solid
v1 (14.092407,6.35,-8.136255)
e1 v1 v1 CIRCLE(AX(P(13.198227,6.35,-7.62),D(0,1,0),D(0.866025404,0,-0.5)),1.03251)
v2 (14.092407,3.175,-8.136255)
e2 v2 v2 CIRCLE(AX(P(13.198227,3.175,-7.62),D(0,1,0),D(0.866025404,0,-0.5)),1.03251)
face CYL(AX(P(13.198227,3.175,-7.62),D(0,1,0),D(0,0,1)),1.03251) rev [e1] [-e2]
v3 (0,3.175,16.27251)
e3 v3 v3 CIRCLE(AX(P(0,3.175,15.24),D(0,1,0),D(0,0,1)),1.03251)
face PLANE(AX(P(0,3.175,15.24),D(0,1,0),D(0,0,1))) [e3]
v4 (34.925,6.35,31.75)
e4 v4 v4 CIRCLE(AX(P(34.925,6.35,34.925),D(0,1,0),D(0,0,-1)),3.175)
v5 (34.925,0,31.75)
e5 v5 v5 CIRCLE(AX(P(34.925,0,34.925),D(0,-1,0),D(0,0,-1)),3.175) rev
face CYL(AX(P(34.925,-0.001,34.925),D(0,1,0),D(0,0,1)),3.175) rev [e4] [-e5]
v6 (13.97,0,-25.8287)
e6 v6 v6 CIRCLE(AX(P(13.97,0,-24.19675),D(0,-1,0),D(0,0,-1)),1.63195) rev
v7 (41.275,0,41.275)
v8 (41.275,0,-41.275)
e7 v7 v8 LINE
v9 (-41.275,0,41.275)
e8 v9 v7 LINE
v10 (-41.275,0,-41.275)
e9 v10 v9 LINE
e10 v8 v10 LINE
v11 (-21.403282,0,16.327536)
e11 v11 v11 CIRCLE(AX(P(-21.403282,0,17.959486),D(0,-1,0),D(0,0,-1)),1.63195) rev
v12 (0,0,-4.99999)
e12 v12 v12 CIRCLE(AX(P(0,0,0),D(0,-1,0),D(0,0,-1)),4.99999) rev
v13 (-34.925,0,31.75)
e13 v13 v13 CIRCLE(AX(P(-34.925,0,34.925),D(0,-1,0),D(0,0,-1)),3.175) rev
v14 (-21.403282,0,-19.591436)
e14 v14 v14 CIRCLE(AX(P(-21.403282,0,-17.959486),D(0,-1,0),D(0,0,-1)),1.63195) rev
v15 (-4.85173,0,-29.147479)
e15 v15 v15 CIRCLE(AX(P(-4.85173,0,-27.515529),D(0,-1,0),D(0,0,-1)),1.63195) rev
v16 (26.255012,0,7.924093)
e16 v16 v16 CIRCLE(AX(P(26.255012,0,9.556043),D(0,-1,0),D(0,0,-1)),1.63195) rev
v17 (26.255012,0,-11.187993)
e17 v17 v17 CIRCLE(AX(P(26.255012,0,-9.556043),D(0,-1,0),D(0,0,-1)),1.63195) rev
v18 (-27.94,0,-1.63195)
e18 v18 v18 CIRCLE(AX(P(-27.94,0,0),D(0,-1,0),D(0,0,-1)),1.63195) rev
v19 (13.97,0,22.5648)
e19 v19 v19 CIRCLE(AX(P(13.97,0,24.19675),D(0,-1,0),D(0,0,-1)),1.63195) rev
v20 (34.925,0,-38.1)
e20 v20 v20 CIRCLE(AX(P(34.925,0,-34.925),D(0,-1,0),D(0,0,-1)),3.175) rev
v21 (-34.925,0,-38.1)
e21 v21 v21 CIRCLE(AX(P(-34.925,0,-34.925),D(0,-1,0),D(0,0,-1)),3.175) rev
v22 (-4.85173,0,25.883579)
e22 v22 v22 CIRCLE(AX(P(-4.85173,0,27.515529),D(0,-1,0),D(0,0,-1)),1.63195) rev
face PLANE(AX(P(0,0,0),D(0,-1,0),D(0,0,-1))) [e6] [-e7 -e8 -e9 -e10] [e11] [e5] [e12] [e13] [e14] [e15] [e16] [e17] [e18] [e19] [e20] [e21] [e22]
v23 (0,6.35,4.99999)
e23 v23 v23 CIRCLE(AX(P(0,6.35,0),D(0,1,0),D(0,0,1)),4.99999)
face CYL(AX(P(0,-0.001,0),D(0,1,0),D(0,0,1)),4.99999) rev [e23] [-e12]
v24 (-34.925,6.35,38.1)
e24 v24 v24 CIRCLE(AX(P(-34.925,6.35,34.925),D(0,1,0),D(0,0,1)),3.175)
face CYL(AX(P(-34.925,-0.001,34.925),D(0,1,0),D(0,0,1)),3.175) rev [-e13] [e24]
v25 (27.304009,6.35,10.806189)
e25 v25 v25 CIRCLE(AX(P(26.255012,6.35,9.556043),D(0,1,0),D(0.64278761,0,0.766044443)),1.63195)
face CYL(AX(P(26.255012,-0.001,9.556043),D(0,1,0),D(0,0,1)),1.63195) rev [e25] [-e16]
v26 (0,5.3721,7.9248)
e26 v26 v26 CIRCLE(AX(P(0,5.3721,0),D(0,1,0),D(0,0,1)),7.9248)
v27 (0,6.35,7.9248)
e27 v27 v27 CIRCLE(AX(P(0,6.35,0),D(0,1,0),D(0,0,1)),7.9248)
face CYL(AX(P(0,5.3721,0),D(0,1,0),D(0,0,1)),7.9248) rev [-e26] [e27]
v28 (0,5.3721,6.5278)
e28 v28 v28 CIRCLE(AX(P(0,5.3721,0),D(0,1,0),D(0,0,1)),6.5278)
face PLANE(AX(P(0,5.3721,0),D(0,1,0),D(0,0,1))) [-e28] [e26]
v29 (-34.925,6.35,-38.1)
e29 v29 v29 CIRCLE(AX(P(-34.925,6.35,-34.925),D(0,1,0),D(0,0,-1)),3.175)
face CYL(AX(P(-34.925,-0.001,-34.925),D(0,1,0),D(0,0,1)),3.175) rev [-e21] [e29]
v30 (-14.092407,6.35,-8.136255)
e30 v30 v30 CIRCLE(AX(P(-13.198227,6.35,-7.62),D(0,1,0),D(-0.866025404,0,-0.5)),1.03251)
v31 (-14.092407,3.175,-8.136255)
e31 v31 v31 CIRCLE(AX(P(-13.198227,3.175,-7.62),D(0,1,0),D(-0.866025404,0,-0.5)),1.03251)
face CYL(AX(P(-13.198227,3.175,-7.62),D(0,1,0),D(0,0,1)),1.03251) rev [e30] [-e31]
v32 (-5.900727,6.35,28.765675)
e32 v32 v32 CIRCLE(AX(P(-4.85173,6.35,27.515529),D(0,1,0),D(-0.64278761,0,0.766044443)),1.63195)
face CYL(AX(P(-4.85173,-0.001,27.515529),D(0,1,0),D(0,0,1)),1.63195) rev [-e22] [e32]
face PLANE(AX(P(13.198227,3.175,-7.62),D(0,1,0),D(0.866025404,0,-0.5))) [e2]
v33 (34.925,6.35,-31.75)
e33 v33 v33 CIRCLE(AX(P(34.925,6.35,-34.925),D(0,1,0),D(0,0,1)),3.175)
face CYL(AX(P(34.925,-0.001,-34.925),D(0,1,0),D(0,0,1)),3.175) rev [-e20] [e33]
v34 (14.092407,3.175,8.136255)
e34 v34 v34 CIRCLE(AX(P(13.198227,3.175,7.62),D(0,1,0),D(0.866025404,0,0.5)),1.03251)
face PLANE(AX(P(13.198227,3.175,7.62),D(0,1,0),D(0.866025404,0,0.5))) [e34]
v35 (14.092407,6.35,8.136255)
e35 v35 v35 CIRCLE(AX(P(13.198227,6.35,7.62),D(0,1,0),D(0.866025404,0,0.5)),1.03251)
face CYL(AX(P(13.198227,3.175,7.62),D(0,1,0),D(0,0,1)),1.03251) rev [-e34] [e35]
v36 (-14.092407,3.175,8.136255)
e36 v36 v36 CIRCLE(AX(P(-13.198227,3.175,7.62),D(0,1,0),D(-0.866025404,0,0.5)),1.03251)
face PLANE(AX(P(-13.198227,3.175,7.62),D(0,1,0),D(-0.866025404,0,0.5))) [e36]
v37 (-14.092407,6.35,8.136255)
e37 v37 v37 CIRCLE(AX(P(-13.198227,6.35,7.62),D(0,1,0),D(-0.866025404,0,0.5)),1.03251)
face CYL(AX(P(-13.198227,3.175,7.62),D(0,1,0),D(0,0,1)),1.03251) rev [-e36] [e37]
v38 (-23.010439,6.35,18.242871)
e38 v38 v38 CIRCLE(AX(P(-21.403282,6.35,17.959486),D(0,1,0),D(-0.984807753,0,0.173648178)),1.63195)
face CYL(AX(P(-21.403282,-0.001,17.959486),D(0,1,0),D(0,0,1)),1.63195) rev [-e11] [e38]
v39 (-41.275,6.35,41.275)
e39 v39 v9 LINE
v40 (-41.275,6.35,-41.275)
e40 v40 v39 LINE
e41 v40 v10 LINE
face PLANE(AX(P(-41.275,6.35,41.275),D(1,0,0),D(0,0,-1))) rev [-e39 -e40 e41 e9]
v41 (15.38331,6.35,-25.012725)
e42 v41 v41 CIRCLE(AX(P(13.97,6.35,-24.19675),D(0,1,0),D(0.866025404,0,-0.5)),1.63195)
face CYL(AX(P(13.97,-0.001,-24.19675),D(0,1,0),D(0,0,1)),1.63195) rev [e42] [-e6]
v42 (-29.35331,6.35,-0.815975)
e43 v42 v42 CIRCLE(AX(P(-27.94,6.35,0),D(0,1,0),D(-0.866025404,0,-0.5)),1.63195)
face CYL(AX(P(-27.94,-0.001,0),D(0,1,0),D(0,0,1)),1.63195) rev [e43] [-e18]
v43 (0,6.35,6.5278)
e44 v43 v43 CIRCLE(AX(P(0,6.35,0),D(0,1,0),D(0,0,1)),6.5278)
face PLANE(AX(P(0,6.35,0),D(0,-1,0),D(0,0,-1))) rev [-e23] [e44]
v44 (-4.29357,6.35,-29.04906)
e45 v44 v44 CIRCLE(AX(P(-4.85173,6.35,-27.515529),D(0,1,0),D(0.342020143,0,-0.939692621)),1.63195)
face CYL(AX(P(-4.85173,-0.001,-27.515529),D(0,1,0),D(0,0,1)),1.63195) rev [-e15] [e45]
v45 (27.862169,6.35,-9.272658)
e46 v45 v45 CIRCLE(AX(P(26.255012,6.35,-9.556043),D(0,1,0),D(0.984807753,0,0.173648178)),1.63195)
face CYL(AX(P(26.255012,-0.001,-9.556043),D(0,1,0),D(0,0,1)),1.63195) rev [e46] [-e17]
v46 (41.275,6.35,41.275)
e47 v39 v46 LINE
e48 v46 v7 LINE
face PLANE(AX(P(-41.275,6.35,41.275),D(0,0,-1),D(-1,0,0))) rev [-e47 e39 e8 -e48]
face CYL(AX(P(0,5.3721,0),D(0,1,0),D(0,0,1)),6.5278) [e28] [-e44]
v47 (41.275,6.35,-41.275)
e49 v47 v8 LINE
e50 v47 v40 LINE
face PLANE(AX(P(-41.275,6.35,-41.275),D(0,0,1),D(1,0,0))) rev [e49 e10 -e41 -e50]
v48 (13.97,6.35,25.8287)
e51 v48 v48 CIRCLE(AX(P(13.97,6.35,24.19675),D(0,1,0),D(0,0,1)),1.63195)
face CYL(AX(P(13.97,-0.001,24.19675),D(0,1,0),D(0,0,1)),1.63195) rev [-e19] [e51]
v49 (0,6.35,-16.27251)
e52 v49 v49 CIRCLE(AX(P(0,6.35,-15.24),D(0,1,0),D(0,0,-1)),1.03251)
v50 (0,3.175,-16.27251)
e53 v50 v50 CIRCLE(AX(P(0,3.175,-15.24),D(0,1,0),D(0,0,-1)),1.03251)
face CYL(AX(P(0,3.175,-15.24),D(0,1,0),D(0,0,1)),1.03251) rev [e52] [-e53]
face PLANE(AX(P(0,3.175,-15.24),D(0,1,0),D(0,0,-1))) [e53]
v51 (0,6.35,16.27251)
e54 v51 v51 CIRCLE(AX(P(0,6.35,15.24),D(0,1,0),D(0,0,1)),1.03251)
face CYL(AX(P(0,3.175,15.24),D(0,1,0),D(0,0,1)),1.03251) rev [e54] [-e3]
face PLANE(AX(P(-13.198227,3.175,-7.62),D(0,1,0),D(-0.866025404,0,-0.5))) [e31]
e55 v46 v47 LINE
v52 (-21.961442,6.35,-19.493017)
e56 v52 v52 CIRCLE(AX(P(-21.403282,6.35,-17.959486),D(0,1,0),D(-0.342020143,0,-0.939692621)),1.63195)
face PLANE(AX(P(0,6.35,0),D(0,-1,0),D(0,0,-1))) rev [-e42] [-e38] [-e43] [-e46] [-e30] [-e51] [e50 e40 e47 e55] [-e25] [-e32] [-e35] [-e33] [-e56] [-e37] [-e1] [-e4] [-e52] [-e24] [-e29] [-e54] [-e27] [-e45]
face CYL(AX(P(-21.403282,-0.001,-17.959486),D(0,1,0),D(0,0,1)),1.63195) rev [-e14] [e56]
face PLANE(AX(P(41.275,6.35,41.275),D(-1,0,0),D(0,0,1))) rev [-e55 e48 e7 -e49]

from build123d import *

# Parameters (mm, degrees)
SKETCH1_W           = 82.55
SKETCH1_H           = 82.55
BOSS_EXTRUDE1_DEPTH = 6.35
CUT_EXTRUDE1_REACH  = 8.35
SKETCH2_R           = 4.99999
SKETCH4_R           = 7.9248
SKETCH4_R_2         = 6.5278
CUT_EXTRUDE3_DEPTH  = 0.9779
SKETCH5_R           = 1.03251
CUT_EXTRUDE4_DEPTH  = 3.175
CIRPATTERN1_COUNT   = 6
SKETCH6_R           = 1.63195
CUT_EXTRUDE5_DEPTH  = 6.35
CIRPATTERN2_COUNT   = 9
CUT_EXTRUDE6_REACH  = 8.35
SKETCH7_R           = 3.175


with BuildPart() as part:
    # Sketch1 → Boss-Extrude1 (new body)
    with BuildSketch(Plane(origin=(0, 0, 0), x_dir=(1, 0, 0), z_dir=(0, 1, 0))):
        Rectangle(SKETCH1_W, SKETCH1_H)
    extrude(amount=BOSS_EXTRUDE1_DEPTH)

    # Sketch2 → Cut-Extrude1 (cut, up to next)
    with BuildSketch(Plane(origin=(0, 6.35, 0), x_dir=(1, 0, 0), z_dir=(0, 1, 0)), mode=Mode.PRIVATE) as cut_extrude1_sk1:
        Circle(SKETCH2_R)
    cut_extrude1_tool1 = extrude(cut_extrude1_sk1.sketch, amount=-CUT_EXTRUDE1_REACH, mode=Mode.PRIVATE) & part.part
    add(cut_extrude1_tool1.solids().sort_by_distance((0, 6.35, 0))[0], mode=Mode.SUBTRACT)

    # Sketch4 → Cut-Extrude3 (cut)
    with BuildSketch(Plane(origin=(0, 6.35, 0), x_dir=(1, 0, 0), z_dir=(0, 1, 0))):
        Circle(SKETCH4_R)
        Circle(SKETCH4_R_2, mode=Mode.SUBTRACT)
    extrude(amount=-CUT_EXTRUDE3_DEPTH, mode=Mode.SUBTRACT)

    # Sketch5 → Cut-Extrude4 (cut)
    with BuildSketch(Plane(origin=(0, 6.35, 0), x_dir=(1, 0, 0), z_dir=(0, 1, 0))):
        with Locations((0, -15.24)):
            Circle(SKETCH5_R)
    cut_extrude4 = extrude(amount=-CUT_EXTRUDE4_DEPTH, mode=Mode.SUBTRACT)

    # CirPattern1: Cut-Extrude4 ×6 about axis
    cirpattern1_axis = Axis((0, 0, 0), (0, 1, 0))
    for i in range(1, CIRPATTERN1_COUNT):
        add(cut_extrude4.rotate(cirpattern1_axis, i * 360 / CIRPATTERN1_COUNT), mode=Mode.SUBTRACT)

    # Sketch6 → Cut-Extrude5 (cut)
    with BuildSketch(Plane(origin=(0, 6.35, 0), x_dir=(1, 0, 0), z_dir=(0, 1, 0))):
        with Locations((13.97, -24.196749782)):
            Circle(SKETCH6_R)
    cut_extrude5 = extrude(amount=-CUT_EXTRUDE5_DEPTH, mode=Mode.SUBTRACT)

    # CirPattern2: Cut-Extrude5 ×9 about axis
    cirpattern2_axis = Axis((0, 0, 0), (0, 1, 0))
    for i in range(1, CIRPATTERN2_COUNT):
        add(cut_extrude5.rotate(cirpattern2_axis, i * 360 / CIRPATTERN2_COUNT), mode=Mode.SUBTRACT)

    # Sketch7 → Cut-Extrude6 (cut, up to next)
    with BuildSketch(Plane(origin=(0, 6.35, 0), x_dir=(1, 0, 0), z_dir=(0, 1, 0)), mode=Mode.PRIVATE) as cut_extrude6_sk1:
        with Locations((34.925, 34.925)):
            Circle(SKETCH7_R)
    cut_extrude6_tool1 = extrude(cut_extrude6_sk1.sketch, amount=-CUT_EXTRUDE6_REACH, mode=Mode.PRIVATE) & part.part
    add(cut_extrude6_tool1.solids().sort_by_distance((34.925, 6.35, -34.925))[0], mode=Mode.SUBTRACT)
    # Sketch7 → Cut-Extrude6 (cut, up to next)
    with BuildSketch(Plane(origin=(0, 6.35, 0), x_dir=(1, 0, 0), z_dir=(0, 1, 0)), mode=Mode.PRIVATE) as cut_extrude6_sk2:
        with Locations((34.925, -34.925)):
            Circle(SKETCH7_R)
    cut_extrude6_tool2 = extrude(cut_extrude6_sk2.sketch, amount=-CUT_EXTRUDE6_REACH, mode=Mode.PRIVATE) & part.part
    add(cut_extrude6_tool2.solids().sort_by_distance((34.925, 6.35, 34.925))[0], mode=Mode.SUBTRACT)
    # Sketch7 → Cut-Extrude6 (cut, up to next)
    with BuildSketch(Plane(origin=(0, 6.35, 0), x_dir=(1, 0, 0), z_dir=(0, 1, 0)), mode=Mode.PRIVATE) as cut_extrude6_sk3:
        with Locations((-34.925, -34.925)):
            Circle(SKETCH7_R)
    cut_extrude6_tool3 = extrude(cut_extrude6_sk3.sketch, amount=-CUT_EXTRUDE6_REACH, mode=Mode.PRIVATE) & part.part
    add(cut_extrude6_tool3.solids().sort_by_distance((-34.925, 6.35, 34.925))[0], mode=Mode.SUBTRACT)
    # Sketch7 → Cut-Extrude6 (cut, up to next)
    with BuildSketch(Plane(origin=(0, 6.35, 0), x_dir=(1, 0, 0), z_dir=(0, 1, 0)), mode=Mode.PRIVATE) as cut_extrude6_sk4:
        with Locations((-34.925, 34.925)):
            Circle(SKETCH7_R)
    cut_extrude6_tool4 = extrude(cut_extrude6_sk4.sketch, amount=-CUT_EXTRUDE6_REACH, mode=Mode.PRIVATE) & part.part
    add(cut_extrude6_tool4.solids().sort_by_distance((-34.925, 6.35, -34.925))[0], mode=Mode.SUBTRACT)


solid = part.part
